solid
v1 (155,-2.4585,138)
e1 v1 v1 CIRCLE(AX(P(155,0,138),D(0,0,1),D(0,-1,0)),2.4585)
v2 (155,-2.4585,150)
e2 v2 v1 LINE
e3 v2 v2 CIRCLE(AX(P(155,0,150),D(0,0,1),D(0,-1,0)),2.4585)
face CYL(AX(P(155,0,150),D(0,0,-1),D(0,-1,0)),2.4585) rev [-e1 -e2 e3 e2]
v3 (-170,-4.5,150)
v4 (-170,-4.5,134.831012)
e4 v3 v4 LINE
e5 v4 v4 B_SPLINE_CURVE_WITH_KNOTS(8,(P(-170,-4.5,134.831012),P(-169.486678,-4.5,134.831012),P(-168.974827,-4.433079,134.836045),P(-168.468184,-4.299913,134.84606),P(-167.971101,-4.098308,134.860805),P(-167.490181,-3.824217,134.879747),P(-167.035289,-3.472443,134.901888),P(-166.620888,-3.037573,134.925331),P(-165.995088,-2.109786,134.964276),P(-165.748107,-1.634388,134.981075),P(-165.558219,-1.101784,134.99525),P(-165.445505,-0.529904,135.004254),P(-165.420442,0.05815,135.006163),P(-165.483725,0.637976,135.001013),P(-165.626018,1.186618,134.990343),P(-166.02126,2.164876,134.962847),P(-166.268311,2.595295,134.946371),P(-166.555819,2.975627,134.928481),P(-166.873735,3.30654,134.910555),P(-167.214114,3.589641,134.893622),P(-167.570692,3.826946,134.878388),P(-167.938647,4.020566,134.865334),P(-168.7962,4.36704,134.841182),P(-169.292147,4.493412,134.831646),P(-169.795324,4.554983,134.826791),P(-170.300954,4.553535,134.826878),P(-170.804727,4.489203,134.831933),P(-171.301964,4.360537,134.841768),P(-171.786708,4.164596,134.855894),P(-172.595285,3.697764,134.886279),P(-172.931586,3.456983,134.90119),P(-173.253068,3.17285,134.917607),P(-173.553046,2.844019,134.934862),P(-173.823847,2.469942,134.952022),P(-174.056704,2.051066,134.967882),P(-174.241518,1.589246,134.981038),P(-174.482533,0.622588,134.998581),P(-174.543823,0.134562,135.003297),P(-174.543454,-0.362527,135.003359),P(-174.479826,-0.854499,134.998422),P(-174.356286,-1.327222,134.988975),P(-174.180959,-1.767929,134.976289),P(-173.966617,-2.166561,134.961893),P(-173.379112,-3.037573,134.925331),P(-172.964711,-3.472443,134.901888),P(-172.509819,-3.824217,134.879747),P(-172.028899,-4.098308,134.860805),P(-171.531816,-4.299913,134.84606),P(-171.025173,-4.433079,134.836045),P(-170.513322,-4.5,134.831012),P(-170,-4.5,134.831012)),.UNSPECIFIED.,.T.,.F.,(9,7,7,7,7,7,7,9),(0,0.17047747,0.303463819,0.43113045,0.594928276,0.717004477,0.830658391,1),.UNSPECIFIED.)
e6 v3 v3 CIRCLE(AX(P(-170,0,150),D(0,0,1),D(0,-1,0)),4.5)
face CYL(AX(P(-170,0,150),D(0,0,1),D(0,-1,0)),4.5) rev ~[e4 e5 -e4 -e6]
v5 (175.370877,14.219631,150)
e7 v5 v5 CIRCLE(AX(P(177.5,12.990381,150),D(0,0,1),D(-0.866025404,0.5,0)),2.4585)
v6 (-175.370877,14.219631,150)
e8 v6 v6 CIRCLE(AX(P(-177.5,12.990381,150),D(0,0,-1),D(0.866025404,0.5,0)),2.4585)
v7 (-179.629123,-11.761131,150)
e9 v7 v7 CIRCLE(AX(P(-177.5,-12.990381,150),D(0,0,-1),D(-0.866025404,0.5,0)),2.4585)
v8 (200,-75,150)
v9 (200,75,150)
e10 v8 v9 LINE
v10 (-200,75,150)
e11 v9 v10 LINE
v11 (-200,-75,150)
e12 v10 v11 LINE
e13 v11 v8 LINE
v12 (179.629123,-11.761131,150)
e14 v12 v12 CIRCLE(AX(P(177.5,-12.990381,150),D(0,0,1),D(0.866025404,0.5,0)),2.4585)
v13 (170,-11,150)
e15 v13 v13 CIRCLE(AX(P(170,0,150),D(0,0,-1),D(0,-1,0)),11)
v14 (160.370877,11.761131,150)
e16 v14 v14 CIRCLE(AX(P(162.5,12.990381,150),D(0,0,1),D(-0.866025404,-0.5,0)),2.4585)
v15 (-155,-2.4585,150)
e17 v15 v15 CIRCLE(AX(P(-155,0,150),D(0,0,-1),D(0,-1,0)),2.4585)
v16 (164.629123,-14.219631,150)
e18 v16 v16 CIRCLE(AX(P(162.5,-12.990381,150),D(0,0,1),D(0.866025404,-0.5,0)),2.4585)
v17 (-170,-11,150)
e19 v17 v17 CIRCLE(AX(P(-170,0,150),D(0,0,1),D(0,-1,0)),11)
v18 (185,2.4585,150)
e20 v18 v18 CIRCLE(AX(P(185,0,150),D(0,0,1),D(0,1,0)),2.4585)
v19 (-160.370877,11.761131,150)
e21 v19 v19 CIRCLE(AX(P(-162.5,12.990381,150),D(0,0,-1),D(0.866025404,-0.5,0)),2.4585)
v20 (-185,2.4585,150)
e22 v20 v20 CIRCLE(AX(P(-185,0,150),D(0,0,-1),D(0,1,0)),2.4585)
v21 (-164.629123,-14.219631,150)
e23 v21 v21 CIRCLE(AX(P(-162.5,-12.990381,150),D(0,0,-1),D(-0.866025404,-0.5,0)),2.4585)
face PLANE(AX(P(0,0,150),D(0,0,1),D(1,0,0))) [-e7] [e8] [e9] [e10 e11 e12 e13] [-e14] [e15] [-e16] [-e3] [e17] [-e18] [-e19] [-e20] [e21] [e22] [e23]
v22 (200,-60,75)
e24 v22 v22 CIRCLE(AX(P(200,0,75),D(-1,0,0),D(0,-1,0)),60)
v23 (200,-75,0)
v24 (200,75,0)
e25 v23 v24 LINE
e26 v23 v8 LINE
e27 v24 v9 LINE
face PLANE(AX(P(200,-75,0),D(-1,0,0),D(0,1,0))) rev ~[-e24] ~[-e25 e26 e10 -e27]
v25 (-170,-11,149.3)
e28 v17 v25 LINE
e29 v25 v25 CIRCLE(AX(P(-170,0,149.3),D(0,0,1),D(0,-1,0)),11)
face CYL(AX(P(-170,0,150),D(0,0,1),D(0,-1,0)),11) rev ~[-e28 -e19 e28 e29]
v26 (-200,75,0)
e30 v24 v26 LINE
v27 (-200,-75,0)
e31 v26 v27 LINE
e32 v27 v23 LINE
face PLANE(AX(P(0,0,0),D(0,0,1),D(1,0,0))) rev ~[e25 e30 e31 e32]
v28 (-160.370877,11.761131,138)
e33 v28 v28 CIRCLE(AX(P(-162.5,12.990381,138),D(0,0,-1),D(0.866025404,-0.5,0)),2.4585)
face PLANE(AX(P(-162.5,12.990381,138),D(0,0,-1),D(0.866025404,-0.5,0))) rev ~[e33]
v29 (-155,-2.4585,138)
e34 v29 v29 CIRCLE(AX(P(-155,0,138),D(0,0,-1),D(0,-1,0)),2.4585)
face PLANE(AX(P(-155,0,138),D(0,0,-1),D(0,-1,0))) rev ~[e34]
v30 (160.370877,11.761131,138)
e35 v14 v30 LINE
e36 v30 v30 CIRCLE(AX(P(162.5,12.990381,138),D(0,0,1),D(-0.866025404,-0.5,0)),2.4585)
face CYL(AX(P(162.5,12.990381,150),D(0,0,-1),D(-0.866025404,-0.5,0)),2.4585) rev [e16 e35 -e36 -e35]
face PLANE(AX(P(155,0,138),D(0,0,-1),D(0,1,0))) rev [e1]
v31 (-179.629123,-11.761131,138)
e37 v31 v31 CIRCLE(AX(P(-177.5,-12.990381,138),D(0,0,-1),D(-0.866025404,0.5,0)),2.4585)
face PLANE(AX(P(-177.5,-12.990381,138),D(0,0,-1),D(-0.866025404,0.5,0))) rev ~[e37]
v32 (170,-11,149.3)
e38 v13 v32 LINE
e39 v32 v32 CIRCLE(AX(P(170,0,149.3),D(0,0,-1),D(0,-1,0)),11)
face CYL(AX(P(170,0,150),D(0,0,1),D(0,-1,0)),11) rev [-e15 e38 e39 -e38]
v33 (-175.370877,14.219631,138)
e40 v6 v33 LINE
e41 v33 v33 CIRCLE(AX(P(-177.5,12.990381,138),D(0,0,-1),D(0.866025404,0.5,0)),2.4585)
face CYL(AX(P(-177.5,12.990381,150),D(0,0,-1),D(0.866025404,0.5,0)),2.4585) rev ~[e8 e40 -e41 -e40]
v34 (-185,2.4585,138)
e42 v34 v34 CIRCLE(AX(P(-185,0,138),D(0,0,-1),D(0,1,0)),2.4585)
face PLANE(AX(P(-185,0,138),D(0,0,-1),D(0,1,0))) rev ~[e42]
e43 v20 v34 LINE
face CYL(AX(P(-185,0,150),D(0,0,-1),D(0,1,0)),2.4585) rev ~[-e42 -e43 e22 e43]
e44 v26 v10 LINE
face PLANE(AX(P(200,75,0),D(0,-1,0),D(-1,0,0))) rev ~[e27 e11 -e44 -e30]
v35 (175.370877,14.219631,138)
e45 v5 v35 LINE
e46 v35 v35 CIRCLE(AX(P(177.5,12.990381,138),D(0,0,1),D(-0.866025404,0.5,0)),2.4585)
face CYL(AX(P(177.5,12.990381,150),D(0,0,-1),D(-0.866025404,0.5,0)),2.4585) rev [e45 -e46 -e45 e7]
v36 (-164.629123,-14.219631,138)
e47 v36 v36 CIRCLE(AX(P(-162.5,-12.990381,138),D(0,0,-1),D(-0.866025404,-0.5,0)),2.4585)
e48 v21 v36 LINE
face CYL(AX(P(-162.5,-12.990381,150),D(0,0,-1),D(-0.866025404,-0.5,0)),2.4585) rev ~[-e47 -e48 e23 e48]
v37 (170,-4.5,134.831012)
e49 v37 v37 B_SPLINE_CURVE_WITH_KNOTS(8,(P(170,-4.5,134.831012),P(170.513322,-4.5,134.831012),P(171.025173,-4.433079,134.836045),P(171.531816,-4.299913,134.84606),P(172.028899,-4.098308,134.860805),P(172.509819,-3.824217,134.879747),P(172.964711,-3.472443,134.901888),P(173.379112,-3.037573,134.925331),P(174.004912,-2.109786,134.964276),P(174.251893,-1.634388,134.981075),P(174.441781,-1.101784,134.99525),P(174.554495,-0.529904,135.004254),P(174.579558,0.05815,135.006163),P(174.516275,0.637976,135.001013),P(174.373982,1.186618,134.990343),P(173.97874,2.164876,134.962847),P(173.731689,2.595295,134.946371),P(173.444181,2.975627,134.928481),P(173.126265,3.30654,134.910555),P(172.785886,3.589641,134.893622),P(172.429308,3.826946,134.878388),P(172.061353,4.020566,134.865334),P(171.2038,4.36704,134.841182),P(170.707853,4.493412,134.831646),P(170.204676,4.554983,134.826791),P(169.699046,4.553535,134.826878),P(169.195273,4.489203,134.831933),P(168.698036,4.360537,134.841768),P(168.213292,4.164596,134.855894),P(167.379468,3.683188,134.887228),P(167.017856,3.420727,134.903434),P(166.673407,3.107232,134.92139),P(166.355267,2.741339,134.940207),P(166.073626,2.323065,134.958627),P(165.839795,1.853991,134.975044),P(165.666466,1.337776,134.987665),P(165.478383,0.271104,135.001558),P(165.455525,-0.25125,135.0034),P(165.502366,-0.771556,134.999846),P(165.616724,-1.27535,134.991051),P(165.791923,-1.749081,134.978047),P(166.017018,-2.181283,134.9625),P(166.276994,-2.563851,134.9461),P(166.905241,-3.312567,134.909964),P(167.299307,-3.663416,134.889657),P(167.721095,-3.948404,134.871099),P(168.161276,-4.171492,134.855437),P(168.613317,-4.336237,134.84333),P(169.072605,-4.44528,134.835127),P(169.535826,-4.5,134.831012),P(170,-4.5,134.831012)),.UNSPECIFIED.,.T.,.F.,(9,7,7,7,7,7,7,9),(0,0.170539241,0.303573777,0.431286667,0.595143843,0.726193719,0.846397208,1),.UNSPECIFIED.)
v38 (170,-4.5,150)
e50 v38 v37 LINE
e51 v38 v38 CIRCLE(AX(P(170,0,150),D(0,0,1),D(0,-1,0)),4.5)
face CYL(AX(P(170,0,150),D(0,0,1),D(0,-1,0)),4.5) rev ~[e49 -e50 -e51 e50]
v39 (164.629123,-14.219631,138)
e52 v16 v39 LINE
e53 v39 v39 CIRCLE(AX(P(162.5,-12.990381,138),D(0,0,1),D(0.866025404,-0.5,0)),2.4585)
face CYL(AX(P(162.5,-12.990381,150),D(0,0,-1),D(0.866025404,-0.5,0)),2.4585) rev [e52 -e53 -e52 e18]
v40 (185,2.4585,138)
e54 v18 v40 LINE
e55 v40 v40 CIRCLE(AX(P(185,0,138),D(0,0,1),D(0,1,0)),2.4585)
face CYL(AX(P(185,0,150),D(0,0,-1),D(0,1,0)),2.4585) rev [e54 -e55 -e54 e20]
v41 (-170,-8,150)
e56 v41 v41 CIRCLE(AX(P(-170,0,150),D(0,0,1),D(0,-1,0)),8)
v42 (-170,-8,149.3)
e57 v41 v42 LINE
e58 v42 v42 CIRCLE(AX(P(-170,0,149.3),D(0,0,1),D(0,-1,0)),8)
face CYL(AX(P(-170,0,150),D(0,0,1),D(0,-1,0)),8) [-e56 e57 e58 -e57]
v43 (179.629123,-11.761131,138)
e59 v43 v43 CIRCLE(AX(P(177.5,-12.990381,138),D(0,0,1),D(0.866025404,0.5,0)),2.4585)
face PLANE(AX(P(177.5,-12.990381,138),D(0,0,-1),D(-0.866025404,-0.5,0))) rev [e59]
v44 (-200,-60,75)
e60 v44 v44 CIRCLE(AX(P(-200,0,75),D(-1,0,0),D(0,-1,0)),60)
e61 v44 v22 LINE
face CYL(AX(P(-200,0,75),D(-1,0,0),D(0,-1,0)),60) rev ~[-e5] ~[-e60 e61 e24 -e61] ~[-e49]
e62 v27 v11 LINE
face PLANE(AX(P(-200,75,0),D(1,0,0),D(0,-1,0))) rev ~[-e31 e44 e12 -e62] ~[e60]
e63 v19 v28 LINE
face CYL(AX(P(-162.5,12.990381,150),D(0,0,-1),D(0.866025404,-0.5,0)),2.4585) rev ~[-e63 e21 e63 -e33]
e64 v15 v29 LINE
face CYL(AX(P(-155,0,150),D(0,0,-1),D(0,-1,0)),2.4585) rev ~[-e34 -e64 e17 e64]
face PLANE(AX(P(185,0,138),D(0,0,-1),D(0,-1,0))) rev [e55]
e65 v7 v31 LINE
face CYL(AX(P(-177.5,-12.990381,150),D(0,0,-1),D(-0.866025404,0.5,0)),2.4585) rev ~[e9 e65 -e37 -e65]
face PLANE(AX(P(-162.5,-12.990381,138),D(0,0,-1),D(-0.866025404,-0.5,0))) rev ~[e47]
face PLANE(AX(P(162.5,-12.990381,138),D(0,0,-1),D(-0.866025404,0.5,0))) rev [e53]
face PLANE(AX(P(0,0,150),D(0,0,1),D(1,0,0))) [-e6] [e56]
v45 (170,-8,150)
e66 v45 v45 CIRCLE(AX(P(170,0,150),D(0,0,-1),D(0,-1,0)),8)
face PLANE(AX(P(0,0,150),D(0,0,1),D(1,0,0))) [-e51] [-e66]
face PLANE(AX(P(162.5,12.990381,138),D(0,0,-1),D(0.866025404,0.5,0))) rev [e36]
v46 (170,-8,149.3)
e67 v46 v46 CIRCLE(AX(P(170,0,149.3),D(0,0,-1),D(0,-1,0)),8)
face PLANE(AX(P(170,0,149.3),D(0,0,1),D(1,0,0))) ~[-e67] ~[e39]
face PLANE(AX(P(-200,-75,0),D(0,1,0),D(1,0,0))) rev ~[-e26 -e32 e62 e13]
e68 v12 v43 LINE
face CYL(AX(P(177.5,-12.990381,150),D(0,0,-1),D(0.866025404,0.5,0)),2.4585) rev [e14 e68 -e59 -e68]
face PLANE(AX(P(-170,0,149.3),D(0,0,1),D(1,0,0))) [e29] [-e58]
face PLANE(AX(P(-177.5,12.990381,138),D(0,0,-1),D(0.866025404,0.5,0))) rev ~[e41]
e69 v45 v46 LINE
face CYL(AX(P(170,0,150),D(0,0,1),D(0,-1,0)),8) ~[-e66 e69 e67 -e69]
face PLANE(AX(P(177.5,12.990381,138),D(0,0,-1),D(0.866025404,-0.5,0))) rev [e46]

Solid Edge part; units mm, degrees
sketch "Sketch1" plane through (0, 0, 0) normal (0, 0, 1) x (1, 0, 0)
  line L0 (-200, -75) -> (200, -75)
  line L1 (200, -75) -> (200, 75)
  line L2 (200, 75) -> (-200, 75)
  line L3 (-200, 75) -> (-200, -75)
extrude "Protrusion1" add sketch "Sketch1" along normal blind 150
sketch "Sketch2" plane through (-200, 0, 75) normal (-1, 0, 0) x (0, -1, 0)
  circle A0 centre (0, 0) radius 60
  dimension "D1" = 75
  dimension "D2" = 75
extrude "Cutout1" cut sketch "Sketch2" against normal up to next
sketch "Sketch3" plane through (0, 0, 150) normal (0, 0, 1) x (0, -1, 0)
  circle A0 centre (0, -170) radius 4.5
  circle A1 centre (0, 170) radius 4.5
  dimension "D1" = 170
  dimension "D2" = 170
extrude "Cutout2" cut sketch "Sketch3" against normal up to next
hole "Hole_1" at (-155, 0, 150) direction (0, 0, -1) diameter 4.917 depth 12 thread major 6 thread length 10
pattern_circular "Pattern1" count 6 over 360 about axis through (-170, 0, 150) along (0, 0, -1) of "Hole_1"
sketch "Sketch4" plane through (0, 0, 150) normal (0, 0, 1) x (0, -1, 0)
  circle A0 centre (0, -170) radius 11
  circle A1 centre (0, -170) radius 8
extrude "CF16_groove" cut sketch "Sketch4" against normal blind 0.7
mirror "Mirror1" about plane through (0, 0, 0) normal (-1, 0, 0) of "Pattern1", "Hole_1", "CF16_groove"
